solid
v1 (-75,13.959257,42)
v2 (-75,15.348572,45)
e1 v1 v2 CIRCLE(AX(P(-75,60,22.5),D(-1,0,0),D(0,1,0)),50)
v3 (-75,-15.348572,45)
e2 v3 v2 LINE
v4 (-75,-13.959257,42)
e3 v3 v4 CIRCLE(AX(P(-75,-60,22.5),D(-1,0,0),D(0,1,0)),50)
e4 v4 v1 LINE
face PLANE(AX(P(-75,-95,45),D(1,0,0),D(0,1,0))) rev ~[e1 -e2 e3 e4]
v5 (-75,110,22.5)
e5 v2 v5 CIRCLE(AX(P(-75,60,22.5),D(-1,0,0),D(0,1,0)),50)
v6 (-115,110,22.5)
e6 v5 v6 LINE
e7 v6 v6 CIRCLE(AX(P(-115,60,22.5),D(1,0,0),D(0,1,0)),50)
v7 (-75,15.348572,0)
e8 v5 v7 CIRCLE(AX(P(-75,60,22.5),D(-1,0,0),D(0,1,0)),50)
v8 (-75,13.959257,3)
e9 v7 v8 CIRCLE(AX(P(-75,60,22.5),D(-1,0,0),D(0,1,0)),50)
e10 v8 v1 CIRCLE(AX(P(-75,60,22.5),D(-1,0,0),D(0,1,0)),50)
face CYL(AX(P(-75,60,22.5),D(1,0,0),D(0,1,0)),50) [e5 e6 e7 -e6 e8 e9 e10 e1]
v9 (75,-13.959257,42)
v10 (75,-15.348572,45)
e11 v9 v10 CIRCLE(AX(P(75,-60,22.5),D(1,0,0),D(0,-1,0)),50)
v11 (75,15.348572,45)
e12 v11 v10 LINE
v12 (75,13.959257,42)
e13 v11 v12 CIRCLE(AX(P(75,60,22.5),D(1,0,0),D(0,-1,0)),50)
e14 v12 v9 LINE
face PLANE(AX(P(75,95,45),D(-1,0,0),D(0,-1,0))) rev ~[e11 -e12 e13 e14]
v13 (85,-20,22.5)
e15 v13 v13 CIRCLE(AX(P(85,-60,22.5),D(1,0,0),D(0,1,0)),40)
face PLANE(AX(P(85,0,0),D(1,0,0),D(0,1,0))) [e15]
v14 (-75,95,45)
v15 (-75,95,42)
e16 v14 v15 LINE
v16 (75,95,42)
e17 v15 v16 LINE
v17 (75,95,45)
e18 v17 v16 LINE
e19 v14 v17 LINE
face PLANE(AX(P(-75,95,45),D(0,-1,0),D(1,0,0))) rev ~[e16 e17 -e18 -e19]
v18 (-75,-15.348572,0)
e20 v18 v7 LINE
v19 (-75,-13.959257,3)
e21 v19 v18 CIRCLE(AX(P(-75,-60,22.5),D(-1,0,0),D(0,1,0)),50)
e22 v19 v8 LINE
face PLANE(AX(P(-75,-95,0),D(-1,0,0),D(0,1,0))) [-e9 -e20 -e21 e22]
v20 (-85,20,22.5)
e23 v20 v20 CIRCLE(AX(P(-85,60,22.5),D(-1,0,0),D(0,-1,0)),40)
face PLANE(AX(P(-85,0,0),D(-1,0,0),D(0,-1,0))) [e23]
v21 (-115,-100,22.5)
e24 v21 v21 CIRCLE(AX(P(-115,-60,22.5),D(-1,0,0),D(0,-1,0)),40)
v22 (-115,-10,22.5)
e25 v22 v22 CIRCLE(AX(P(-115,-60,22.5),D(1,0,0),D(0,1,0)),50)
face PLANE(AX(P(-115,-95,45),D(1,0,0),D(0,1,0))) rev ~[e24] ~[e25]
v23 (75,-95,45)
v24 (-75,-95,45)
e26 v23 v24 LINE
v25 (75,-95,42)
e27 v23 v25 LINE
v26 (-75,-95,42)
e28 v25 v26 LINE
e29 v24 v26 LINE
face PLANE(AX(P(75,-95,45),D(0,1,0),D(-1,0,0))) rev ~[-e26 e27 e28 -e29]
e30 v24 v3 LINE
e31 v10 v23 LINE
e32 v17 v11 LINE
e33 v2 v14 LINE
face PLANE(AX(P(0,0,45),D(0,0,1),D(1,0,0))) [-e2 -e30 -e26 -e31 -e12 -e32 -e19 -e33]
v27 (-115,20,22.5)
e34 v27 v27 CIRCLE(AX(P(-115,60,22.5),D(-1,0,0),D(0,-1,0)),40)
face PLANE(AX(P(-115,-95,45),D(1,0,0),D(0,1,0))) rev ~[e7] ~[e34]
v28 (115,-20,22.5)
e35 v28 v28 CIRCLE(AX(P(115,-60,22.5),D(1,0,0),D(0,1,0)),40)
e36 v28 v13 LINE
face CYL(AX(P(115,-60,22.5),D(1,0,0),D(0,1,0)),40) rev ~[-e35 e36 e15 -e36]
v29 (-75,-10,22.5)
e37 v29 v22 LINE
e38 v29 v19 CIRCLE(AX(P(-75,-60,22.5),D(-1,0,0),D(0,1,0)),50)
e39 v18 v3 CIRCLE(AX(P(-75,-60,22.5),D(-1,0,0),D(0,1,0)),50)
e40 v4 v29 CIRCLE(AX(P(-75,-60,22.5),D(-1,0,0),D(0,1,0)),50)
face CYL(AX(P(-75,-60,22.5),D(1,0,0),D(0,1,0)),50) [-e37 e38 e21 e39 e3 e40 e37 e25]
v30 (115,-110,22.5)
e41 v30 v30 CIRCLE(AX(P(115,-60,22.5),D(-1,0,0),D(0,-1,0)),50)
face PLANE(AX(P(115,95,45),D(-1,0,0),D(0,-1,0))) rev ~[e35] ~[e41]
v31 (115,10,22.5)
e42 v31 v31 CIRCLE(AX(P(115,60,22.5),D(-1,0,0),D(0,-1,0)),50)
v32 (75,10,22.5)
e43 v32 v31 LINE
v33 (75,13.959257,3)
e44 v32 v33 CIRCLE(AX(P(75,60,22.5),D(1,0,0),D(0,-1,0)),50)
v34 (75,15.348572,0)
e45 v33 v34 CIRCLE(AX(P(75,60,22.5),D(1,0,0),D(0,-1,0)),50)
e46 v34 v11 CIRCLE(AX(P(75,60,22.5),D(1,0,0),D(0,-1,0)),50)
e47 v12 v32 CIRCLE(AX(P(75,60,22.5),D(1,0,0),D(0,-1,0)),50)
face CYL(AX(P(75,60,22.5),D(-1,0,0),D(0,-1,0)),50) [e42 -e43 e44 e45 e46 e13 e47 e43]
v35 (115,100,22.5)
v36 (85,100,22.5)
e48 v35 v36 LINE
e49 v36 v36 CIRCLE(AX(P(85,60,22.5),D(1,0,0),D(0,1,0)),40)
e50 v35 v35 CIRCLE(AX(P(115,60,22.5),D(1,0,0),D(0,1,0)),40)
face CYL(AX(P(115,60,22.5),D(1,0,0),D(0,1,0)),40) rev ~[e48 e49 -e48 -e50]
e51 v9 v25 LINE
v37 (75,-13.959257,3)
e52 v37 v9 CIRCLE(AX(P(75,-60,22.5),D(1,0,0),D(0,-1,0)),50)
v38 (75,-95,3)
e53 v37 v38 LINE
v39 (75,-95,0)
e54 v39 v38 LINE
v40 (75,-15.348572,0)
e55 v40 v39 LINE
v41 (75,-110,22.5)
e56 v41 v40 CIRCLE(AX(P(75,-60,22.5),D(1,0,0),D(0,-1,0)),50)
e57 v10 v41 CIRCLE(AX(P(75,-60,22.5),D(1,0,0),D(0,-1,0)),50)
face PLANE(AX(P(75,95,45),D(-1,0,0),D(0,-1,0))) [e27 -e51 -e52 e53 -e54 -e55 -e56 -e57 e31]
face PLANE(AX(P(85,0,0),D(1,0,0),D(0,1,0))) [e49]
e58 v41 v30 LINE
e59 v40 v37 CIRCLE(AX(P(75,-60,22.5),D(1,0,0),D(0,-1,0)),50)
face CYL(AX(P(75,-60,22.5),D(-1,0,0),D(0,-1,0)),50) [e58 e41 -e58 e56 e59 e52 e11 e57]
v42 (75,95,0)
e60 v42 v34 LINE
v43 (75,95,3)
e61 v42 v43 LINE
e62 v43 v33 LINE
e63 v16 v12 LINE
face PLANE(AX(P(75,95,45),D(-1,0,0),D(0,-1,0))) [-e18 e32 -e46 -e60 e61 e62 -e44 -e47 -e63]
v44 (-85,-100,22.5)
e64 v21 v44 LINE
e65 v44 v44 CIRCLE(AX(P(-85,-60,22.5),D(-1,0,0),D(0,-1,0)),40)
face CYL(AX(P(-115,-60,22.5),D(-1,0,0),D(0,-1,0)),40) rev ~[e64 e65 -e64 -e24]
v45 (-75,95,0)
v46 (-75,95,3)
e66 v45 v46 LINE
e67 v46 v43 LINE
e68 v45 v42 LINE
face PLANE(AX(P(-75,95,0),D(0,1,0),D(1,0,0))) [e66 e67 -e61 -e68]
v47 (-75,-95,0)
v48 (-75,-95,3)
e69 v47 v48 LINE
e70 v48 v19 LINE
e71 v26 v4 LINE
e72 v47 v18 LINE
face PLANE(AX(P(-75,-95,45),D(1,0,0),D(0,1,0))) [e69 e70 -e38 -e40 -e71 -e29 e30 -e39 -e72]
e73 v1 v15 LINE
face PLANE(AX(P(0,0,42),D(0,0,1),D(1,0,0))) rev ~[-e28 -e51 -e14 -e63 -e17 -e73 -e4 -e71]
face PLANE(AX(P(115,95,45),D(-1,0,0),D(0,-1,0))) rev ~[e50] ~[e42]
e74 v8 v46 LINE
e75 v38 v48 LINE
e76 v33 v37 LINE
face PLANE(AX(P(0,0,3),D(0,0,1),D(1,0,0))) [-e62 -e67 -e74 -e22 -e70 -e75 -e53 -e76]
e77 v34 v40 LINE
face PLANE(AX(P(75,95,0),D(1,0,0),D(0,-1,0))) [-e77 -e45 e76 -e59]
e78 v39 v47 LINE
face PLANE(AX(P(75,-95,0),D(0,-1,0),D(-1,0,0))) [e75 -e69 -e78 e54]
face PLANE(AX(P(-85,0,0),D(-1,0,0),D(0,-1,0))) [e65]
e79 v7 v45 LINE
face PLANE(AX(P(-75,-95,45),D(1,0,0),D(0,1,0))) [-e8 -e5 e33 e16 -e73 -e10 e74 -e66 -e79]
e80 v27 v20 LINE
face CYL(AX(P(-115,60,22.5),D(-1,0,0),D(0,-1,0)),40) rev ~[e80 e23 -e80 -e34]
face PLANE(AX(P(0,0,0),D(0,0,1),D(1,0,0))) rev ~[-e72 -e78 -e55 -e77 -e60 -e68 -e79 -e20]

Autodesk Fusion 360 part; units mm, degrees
sketch "Sketch1" plane through (0, 0, 0) normal (0, 0, 1) x (1, 0, 0)
  line L0 (75, -95) -> (-75, -95)
  line L1 (-75, -95) -> (-75, 95)
  line L2 (-75, 95) -> (75, 95)
  line L3 (75, 95) -> (75, -95)
  line L4 (75, -95) -> (-75, 95) construction
  line L5 (-75, -95) -> (75, 95) construction
  dimension "d1" = 150
  dimension "d2" = 190
ref_plane "WorkPlane1" through (0, 0, 45) normal (0, 0, 1) x (1, 0, 0)
sketch "Sketch2" plane through (0, 0, 45) normal (0, 0, 1) x (1, 0, 0)
  line L0 (75, -95) -> (-75, -95)
  line L1 (-75, -95) -> (-75, 95)
  line L2 (-75, 95) -> (75, 95)
  line L3 (75, 95) -> (75, -95)
  line L4 (75, -95) -> (-75, 95) construction
  line L5 (-75, -95) -> (75, 95) construction
  dimension "d4" = 150
  dimension "d5" = 190
sketch "Sketch3" plane through (0, 0, 45) normal (0, 0, 1) x (1, 0, 0)
ref_plane "WorkPlane2" through (75, 95, 45) normal (-1, 0, 0) x (0, -1, 0)
sketch "Sketch4" plane through (75, 95, 45) normal (-1, 0, 0) x (0, -1, 0)
  circle A0 centre (155, -22.5) radius 50
  line L0 (0, 0) -> (190, 0)
  circle A1 centre (35, -22.5) radius 50
  dimension "d6" = 100
  dimension "d7" = 22.5
  dimension "d8" = 100
  dimension "d9" = 22.5
  dimension "d10" = 120
  dimension "d11" = 155
ref_plane "WorkPlane3" through (-75, -95, 45) normal (1, 0, 0) x (0, 1, 0)
sketch "Sketch5" plane through (-75, -95, 45) normal (1, 0, 0) x (0, 1, 0)
  circle A0 centre (155, -22.5) radius 50
  circle A1 centre (35, -22.5) radius 50
  line L0 (0, 0) -> (190, 0)
  dimension "d12" = 100
  dimension "d13" = 100
  dimension "d14" = 120
  dimension "d15" = 155
  dimension "d16" = 22.5
  dimension "d17" = 22.5
extrude "Extrude1" add sketch "Sketch2" against normal blind 3 makes body 1
extrude "Extrude2" add sketch "Sketch1" along normal blind 3 separate body makes body 2
extrude "Extrude3" add sketch "Sketch4" against normal blind 40 bodies 1 2
extrude "Extrude4" add sketch "Sketch5" against normal blind 40 bodies 1
sketch "Sketch6" plane through (115, 0, 0) normal (1, 0, 0) x (0, 1, 0)
  circle A0 centre (-60, 22.5) radius 50
  circle A1 centre (-60, 22.5) radius 40
  dimension "d26" = -10
sketch "Sketch7" plane through (115, 0, 0) normal (1, 0, 0) x (0, 1, 0)
  circle A0 centre (60, 22.5) radius 50
  circle A1 centre (60, 22.5) radius 40
  dimension "d27" = -10
extrude "Extrude5" cut sketch "Sketch6" sketch "Sketch7" against normal blind 30 contours A1 of sketch 2 contours A1 bodies 1
sketch "Sketch8" plane through (-115, 0, 0) normal (-1, 0, 0) x (0, -1, 0)
  circle A0 centre (-60, 22.5) radius 50
  circle A1 centre (-60, 22.5) radius 40
  dimension "d30" = -10
sketch "Sketch9" plane through (-115, 0, 0) normal (-1, 0, 0) x (0, -1, 0)
  circle A0 centre (60, 22.5) radius 50
  circle A1 centre (60, 22.5) radius 40
  dimension "d31" = -10
extrude "Extrude6" cut sketch "Sketch8" sketch "Sketch9" against normal blind 30 contours A1 of sketch 2 contours A1 bodies 1
